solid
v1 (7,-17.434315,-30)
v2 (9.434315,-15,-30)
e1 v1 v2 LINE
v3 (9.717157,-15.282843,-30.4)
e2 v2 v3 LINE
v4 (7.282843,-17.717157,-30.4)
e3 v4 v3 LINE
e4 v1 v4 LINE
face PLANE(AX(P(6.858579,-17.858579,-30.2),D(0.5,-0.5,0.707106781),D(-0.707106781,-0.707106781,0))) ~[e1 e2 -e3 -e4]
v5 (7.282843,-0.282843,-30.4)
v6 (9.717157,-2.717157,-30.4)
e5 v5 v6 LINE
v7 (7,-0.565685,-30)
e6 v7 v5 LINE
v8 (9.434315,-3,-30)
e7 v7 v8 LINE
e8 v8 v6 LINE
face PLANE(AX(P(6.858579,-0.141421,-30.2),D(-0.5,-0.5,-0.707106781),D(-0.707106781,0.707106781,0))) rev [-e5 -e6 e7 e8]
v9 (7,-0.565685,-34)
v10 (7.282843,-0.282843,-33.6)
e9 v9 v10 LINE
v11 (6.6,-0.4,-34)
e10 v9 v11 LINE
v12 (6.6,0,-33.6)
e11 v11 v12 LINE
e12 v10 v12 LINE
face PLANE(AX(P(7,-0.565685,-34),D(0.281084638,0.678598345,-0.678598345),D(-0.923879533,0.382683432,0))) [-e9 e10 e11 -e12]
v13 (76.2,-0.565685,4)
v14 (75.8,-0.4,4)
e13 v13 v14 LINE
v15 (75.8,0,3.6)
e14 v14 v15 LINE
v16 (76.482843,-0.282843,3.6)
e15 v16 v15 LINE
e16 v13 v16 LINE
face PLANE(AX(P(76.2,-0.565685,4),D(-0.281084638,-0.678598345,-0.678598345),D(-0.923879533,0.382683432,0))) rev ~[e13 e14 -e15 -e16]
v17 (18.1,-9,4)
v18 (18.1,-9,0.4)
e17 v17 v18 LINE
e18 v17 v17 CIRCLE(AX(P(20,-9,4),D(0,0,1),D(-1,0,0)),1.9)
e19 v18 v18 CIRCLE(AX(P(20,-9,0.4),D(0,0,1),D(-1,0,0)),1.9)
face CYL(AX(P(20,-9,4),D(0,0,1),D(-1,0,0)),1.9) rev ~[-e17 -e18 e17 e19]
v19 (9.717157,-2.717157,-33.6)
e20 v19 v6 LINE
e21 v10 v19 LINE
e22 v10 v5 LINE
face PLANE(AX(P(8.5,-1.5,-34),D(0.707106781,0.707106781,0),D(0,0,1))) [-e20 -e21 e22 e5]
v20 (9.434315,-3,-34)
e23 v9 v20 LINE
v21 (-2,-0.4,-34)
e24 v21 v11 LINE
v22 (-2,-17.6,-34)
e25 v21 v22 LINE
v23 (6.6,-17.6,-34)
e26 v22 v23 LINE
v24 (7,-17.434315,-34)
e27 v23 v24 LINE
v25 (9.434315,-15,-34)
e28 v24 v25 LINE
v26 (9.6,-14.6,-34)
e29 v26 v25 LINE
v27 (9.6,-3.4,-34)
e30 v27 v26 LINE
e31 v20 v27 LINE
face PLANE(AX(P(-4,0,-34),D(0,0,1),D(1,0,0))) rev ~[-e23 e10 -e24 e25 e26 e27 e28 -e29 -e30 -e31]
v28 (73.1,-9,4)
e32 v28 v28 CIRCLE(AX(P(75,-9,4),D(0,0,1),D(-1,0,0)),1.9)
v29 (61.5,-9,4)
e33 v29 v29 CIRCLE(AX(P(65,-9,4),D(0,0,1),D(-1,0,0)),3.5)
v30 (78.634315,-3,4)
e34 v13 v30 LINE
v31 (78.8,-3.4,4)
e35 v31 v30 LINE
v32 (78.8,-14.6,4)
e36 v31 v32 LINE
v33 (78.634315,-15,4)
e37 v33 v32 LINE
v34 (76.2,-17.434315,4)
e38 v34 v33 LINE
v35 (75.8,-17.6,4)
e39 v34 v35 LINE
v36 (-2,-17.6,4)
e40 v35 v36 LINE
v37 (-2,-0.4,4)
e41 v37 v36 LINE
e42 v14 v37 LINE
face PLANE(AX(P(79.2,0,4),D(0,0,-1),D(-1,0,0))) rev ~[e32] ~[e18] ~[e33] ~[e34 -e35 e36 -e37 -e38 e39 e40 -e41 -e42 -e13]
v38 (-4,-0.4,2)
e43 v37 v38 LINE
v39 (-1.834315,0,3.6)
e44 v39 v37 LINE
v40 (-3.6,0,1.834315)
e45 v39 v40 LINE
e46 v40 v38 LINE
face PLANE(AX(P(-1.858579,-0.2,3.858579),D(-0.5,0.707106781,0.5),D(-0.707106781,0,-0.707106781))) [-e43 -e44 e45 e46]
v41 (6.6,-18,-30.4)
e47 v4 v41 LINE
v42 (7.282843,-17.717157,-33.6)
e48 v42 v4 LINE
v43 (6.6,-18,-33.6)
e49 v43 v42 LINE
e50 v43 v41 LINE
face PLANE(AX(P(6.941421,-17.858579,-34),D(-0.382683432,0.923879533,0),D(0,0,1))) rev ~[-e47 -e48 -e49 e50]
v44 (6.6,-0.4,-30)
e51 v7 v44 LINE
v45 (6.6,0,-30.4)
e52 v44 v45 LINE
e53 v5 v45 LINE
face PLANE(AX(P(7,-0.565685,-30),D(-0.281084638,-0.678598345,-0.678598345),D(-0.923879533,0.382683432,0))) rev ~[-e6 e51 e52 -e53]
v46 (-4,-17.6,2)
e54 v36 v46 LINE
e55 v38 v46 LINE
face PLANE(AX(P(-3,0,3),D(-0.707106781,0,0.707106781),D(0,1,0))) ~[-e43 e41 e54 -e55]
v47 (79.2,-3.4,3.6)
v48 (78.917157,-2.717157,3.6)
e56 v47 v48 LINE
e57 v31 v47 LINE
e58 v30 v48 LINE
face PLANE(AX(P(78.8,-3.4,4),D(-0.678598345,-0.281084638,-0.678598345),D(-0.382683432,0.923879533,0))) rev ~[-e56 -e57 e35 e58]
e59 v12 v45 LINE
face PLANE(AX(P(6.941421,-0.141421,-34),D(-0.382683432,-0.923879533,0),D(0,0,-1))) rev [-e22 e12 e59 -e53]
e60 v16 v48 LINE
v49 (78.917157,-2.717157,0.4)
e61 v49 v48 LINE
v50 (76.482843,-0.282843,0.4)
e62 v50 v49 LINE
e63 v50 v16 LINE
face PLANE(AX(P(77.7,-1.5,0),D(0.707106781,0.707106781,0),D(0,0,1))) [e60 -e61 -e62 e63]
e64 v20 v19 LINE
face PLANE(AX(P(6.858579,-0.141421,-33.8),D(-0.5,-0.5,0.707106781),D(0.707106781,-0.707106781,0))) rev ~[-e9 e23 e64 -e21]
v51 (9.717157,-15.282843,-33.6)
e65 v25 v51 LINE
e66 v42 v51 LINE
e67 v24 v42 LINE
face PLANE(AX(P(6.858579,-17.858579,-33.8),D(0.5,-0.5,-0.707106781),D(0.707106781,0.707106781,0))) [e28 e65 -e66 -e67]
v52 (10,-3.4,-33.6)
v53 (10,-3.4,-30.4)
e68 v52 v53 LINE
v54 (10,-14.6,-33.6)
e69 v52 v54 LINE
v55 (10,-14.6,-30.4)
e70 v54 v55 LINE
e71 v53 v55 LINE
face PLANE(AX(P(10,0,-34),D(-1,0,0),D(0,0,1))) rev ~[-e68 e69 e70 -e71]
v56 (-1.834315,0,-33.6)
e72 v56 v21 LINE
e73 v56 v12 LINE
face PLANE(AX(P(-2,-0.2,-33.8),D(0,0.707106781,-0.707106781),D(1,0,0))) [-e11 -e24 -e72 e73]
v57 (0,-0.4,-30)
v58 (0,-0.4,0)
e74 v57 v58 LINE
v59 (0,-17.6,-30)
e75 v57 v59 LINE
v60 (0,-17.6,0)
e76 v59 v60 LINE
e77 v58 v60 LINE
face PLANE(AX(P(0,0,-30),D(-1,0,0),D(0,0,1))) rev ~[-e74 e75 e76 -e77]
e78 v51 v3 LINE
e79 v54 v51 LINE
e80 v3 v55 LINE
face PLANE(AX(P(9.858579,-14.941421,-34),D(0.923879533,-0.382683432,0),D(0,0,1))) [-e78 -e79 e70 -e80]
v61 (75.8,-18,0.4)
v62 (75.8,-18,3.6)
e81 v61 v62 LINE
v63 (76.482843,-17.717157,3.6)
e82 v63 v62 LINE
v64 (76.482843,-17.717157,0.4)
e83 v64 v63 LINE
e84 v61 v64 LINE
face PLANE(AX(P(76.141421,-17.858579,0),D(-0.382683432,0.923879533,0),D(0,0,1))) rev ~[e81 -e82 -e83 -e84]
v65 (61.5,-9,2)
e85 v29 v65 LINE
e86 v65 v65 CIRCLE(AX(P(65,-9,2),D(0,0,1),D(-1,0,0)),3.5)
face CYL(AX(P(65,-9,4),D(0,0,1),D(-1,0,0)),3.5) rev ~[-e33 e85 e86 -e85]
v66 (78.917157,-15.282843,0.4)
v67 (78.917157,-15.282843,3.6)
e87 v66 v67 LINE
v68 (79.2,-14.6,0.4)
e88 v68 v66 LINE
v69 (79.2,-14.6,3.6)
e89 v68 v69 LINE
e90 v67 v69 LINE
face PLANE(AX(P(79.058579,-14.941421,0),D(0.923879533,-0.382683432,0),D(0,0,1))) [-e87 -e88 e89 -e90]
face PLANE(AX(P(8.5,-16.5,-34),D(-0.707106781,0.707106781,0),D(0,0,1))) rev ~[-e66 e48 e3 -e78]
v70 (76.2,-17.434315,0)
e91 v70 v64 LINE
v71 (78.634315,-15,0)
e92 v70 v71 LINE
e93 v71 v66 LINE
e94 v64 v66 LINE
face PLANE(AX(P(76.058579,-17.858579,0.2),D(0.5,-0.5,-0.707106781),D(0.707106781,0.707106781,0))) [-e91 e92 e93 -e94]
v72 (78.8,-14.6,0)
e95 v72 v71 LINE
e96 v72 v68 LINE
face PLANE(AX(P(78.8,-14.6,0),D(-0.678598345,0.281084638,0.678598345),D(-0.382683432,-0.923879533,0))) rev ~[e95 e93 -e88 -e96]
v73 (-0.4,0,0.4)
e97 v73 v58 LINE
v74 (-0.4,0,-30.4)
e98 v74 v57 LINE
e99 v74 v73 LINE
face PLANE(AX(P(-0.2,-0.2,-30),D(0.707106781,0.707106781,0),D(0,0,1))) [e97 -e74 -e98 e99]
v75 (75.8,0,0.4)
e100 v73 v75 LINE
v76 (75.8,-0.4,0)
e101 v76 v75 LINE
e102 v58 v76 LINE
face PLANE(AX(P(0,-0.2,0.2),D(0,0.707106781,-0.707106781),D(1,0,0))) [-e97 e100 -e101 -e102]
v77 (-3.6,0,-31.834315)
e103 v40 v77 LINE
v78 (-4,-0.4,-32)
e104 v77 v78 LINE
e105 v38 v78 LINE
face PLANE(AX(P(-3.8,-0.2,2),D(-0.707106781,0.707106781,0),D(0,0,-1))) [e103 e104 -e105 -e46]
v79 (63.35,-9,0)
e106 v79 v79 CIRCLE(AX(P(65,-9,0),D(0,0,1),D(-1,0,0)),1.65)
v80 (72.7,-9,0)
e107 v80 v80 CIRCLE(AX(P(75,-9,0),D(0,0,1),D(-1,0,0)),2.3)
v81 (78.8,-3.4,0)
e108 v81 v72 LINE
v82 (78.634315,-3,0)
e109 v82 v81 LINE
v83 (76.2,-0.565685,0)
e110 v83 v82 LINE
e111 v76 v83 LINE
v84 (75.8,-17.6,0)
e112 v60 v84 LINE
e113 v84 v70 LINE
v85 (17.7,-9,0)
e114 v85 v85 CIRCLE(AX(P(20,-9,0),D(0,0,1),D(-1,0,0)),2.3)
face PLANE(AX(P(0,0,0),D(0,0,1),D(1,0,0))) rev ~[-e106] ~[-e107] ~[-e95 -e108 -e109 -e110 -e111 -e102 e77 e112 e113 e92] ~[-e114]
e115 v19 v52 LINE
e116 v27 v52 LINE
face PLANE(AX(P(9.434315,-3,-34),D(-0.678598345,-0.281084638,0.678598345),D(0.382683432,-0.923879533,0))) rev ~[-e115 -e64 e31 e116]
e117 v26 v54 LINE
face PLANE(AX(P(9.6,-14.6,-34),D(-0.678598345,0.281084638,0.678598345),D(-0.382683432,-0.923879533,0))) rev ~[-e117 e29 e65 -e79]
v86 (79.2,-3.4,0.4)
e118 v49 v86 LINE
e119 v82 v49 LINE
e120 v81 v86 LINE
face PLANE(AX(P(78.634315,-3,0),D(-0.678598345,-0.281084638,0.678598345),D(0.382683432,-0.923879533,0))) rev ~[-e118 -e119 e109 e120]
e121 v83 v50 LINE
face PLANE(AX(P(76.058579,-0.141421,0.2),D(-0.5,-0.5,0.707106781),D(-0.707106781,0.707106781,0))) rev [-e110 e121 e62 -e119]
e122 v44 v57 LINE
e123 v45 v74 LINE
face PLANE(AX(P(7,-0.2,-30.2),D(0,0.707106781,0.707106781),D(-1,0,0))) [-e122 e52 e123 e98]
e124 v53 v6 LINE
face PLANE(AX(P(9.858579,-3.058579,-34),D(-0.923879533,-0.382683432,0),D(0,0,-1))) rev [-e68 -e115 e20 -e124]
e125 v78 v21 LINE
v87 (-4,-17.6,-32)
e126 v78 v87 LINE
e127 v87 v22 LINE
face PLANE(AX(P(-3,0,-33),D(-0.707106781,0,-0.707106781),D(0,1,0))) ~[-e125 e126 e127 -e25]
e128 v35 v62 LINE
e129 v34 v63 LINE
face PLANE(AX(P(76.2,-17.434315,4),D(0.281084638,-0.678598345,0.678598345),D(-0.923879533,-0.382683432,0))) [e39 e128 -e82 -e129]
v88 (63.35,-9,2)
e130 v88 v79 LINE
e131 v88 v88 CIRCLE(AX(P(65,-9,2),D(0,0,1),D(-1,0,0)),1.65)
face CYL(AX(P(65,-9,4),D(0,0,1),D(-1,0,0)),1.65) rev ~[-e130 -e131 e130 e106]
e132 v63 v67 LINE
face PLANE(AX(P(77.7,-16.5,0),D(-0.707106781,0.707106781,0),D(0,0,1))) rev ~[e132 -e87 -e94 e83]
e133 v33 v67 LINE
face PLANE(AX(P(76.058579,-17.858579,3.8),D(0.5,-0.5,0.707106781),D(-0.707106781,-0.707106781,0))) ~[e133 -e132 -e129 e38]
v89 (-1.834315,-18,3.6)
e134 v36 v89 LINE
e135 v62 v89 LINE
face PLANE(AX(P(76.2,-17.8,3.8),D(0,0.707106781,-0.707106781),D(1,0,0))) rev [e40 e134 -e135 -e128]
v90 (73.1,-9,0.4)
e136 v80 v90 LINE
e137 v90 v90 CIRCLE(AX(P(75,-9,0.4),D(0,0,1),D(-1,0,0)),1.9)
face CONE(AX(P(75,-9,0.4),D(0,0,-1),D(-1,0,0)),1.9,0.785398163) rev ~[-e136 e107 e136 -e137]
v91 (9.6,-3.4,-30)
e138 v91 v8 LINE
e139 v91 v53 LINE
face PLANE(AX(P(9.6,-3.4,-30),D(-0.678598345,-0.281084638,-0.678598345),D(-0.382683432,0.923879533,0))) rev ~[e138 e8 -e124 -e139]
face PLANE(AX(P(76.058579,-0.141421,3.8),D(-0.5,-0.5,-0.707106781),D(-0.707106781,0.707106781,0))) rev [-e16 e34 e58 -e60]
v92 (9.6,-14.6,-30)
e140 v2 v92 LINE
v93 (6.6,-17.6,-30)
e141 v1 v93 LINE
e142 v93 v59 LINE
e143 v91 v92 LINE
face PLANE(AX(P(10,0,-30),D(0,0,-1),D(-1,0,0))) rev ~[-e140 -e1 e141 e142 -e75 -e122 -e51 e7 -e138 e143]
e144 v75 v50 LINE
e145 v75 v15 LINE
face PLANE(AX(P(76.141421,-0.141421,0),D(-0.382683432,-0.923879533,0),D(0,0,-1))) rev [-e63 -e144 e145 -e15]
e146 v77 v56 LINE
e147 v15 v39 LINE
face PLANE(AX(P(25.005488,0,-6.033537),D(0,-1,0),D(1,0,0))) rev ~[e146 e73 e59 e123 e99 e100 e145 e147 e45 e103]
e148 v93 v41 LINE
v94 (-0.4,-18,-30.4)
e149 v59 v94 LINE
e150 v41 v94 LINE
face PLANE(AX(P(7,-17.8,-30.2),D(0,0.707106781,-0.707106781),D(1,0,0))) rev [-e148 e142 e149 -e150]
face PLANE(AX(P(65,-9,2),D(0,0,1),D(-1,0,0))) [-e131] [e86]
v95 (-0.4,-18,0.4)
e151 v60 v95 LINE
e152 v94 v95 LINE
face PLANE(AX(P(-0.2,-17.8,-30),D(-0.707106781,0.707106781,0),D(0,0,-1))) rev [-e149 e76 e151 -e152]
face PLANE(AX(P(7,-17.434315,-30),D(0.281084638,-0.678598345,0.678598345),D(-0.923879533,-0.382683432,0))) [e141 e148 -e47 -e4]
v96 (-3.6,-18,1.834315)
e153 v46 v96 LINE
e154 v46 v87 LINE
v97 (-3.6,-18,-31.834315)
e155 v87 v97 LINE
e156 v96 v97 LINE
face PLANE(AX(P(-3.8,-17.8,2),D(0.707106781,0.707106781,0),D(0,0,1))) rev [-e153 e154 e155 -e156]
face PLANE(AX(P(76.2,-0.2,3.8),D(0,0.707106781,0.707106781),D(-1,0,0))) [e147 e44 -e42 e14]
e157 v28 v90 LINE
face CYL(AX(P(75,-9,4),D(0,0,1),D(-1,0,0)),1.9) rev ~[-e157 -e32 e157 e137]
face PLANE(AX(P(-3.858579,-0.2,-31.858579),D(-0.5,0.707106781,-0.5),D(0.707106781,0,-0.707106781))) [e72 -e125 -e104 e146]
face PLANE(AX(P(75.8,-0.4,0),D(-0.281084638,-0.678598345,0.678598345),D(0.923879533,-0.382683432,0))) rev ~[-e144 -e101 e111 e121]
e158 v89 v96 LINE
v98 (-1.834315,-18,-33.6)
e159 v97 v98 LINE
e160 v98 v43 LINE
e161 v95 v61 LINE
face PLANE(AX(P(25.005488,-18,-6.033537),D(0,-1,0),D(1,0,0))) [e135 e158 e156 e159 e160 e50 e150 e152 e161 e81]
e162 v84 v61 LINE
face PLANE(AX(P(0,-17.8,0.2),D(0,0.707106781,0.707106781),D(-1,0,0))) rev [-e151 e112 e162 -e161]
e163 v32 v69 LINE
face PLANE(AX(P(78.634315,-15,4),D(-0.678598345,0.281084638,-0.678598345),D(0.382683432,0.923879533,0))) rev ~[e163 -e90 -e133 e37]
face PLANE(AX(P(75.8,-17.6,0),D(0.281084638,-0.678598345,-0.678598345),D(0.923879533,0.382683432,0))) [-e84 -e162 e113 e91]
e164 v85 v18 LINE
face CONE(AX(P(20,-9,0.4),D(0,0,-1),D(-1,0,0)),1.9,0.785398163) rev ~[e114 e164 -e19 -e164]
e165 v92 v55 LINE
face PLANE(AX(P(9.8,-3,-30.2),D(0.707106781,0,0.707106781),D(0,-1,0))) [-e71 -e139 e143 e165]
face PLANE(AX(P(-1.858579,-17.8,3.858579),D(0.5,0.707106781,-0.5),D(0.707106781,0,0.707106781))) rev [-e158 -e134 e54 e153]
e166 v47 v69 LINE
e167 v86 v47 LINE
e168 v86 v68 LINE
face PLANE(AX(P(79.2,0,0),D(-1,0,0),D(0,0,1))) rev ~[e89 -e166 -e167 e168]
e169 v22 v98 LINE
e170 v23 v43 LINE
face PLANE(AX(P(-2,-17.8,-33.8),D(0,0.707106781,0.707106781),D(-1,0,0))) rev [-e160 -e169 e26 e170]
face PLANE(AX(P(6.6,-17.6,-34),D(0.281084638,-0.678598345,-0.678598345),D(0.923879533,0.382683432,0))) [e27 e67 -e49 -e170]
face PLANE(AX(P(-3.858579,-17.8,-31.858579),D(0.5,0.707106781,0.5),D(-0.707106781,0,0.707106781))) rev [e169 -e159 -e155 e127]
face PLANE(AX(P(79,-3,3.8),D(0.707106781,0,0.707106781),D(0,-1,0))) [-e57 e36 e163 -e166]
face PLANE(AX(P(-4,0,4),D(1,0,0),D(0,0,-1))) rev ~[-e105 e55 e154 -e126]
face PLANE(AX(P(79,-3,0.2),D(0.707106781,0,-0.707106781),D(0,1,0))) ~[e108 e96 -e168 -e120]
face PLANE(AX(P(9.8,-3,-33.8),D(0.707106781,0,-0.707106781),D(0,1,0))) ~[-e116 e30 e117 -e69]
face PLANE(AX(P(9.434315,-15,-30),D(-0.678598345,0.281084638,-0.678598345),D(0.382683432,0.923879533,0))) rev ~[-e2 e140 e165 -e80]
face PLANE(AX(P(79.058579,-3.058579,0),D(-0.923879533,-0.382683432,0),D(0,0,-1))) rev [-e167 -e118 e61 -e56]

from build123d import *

# Parameters (mm, degrees)
PAD003_DEPTH       = 18
SKETCH010_R        = 1.9
SKETCH010_R_2      = 1.65
POCKET007_DEPTH    = 5
SKETCH011_R        = 3.5
POCKET008_DEPTH    = 2
CHAMFER012008_SIZE = 3
CHAMFER012009_SIZE = 2
CHAMFER012010_SIZE = 0.4
CHAMFER012011_SIZE = 0.4


with BuildPart() as part:
    # Sketch009 → Pad003 (new body)
    with BuildSketch(Plane.XZ):
        Polygon((0, 0), (79.2, 0), (79.2, 4), (-4, 4), (-4, -34), (10, -34), (10, -30), (0, -30), align=None)
    extrude(amount=PAD003_DEPTH)

    # Sketch010 (on Face3 of Pad003) → Pocket007 (cut)
    with BuildSketch(Plane(origin=(0, 0, 4), x_dir=(-1, 0, 0), z_dir=(0, 0, 1))):
        with Locations((-75, 9)):
            Circle(SKETCH010_R)
        with Locations((-65, 9)):
            Circle(SKETCH010_R_2)
        with Locations((-20, 9)):
            Circle(SKETCH010_R)
    extrude(amount=-POCKET007_DEPTH, mode=Mode.SUBTRACT)

    # Sketch011 (on Face10 of Pocket007) → Pocket008 (cut)
    with BuildSketch(Plane(origin=(0, 0, 4), x_dir=(-1, 0, 0), z_dir=(0, 0, 1))):
        with Locations((-65, 9)):
            Circle(SKETCH011_R)
    extrude(amount=-POCKET008_DEPTH, mode=Mode.SUBTRACT)

    # Chamfer012008
    chamfer012008_edges = [part.edges().sort_by_distance(p)[0] for p in [
        (10, -18, -32),
        (10, 0, -32),
        (79.2, -18, 2),
        (79.2, 0, 2),
    ]]
    chamfer(chamfer012008_edges, length=CHAMFER012008_SIZE)

    # Chamfer012009
    chamfer012009_edges = [part.edges().sort_by_distance(p)[0] for p in [
        (-4, -9, -34),
        (-4, -9, 4),
    ]]
    chamfer(chamfer012009_edges, length=CHAMFER012009_SIZE)

    # Chamfer012010
    chamfer012010_edges = [part.edges().sort_by_distance(p)[0] for p in [
        (8.5, -16.5, -34),
        (7, -18, -32),
        (10, -15, -32),
        (8.5, -16.5, -30),
        (10, -9, -34),
        (10, -3, -32),
        (10, -9, -30),
        (37.1, -18, 4),
        (-3, -18, 3),
        (76.2, -18, 2),
        (-4, -18, -15),
        (38.1, -18, 0),
        (-3, -18, -33),
        (0, -18, -15),
        (2.5, -18, -34),
        (3.5, -18, -30),
        (77.7, -16.5, 0),
        (79.2, -15, 2),
        (77.7, -16.5, 4),
        (79.2, -9, 0),
        (79.2, -3, 2),
        (79.2, -9, 4),
        (77.7, -1.5, 0),
        (76.2, 0, 2),
        (77.7, -1.5, 4),
        (37.1, 0, 4),
        (-3, 0, 3),
        (-4, 0, -15),
        (38.1, 0, 0),
        (-3, 0, -33),
        (0, 0, -15),
        (2.5, 0, -34),
        (3.5, 0, -30),
        (7, 0, -32),
        (8.5, -1.5, -34),
        (8.5, -1.5, -30),
    ]]
    chamfer(chamfer012010_edges, length=CHAMFER012010_SIZE)

    # Chamfer012011
    chamfer012011_edges = [part.edges().sort_by_distance(p)[0] for p in [
        (21.9, -9, 0),
        (76.9, -9, 0),
    ]]
    chamfer(chamfer012011_edges, length=CHAMFER012011_SIZE)


solid = part.part
